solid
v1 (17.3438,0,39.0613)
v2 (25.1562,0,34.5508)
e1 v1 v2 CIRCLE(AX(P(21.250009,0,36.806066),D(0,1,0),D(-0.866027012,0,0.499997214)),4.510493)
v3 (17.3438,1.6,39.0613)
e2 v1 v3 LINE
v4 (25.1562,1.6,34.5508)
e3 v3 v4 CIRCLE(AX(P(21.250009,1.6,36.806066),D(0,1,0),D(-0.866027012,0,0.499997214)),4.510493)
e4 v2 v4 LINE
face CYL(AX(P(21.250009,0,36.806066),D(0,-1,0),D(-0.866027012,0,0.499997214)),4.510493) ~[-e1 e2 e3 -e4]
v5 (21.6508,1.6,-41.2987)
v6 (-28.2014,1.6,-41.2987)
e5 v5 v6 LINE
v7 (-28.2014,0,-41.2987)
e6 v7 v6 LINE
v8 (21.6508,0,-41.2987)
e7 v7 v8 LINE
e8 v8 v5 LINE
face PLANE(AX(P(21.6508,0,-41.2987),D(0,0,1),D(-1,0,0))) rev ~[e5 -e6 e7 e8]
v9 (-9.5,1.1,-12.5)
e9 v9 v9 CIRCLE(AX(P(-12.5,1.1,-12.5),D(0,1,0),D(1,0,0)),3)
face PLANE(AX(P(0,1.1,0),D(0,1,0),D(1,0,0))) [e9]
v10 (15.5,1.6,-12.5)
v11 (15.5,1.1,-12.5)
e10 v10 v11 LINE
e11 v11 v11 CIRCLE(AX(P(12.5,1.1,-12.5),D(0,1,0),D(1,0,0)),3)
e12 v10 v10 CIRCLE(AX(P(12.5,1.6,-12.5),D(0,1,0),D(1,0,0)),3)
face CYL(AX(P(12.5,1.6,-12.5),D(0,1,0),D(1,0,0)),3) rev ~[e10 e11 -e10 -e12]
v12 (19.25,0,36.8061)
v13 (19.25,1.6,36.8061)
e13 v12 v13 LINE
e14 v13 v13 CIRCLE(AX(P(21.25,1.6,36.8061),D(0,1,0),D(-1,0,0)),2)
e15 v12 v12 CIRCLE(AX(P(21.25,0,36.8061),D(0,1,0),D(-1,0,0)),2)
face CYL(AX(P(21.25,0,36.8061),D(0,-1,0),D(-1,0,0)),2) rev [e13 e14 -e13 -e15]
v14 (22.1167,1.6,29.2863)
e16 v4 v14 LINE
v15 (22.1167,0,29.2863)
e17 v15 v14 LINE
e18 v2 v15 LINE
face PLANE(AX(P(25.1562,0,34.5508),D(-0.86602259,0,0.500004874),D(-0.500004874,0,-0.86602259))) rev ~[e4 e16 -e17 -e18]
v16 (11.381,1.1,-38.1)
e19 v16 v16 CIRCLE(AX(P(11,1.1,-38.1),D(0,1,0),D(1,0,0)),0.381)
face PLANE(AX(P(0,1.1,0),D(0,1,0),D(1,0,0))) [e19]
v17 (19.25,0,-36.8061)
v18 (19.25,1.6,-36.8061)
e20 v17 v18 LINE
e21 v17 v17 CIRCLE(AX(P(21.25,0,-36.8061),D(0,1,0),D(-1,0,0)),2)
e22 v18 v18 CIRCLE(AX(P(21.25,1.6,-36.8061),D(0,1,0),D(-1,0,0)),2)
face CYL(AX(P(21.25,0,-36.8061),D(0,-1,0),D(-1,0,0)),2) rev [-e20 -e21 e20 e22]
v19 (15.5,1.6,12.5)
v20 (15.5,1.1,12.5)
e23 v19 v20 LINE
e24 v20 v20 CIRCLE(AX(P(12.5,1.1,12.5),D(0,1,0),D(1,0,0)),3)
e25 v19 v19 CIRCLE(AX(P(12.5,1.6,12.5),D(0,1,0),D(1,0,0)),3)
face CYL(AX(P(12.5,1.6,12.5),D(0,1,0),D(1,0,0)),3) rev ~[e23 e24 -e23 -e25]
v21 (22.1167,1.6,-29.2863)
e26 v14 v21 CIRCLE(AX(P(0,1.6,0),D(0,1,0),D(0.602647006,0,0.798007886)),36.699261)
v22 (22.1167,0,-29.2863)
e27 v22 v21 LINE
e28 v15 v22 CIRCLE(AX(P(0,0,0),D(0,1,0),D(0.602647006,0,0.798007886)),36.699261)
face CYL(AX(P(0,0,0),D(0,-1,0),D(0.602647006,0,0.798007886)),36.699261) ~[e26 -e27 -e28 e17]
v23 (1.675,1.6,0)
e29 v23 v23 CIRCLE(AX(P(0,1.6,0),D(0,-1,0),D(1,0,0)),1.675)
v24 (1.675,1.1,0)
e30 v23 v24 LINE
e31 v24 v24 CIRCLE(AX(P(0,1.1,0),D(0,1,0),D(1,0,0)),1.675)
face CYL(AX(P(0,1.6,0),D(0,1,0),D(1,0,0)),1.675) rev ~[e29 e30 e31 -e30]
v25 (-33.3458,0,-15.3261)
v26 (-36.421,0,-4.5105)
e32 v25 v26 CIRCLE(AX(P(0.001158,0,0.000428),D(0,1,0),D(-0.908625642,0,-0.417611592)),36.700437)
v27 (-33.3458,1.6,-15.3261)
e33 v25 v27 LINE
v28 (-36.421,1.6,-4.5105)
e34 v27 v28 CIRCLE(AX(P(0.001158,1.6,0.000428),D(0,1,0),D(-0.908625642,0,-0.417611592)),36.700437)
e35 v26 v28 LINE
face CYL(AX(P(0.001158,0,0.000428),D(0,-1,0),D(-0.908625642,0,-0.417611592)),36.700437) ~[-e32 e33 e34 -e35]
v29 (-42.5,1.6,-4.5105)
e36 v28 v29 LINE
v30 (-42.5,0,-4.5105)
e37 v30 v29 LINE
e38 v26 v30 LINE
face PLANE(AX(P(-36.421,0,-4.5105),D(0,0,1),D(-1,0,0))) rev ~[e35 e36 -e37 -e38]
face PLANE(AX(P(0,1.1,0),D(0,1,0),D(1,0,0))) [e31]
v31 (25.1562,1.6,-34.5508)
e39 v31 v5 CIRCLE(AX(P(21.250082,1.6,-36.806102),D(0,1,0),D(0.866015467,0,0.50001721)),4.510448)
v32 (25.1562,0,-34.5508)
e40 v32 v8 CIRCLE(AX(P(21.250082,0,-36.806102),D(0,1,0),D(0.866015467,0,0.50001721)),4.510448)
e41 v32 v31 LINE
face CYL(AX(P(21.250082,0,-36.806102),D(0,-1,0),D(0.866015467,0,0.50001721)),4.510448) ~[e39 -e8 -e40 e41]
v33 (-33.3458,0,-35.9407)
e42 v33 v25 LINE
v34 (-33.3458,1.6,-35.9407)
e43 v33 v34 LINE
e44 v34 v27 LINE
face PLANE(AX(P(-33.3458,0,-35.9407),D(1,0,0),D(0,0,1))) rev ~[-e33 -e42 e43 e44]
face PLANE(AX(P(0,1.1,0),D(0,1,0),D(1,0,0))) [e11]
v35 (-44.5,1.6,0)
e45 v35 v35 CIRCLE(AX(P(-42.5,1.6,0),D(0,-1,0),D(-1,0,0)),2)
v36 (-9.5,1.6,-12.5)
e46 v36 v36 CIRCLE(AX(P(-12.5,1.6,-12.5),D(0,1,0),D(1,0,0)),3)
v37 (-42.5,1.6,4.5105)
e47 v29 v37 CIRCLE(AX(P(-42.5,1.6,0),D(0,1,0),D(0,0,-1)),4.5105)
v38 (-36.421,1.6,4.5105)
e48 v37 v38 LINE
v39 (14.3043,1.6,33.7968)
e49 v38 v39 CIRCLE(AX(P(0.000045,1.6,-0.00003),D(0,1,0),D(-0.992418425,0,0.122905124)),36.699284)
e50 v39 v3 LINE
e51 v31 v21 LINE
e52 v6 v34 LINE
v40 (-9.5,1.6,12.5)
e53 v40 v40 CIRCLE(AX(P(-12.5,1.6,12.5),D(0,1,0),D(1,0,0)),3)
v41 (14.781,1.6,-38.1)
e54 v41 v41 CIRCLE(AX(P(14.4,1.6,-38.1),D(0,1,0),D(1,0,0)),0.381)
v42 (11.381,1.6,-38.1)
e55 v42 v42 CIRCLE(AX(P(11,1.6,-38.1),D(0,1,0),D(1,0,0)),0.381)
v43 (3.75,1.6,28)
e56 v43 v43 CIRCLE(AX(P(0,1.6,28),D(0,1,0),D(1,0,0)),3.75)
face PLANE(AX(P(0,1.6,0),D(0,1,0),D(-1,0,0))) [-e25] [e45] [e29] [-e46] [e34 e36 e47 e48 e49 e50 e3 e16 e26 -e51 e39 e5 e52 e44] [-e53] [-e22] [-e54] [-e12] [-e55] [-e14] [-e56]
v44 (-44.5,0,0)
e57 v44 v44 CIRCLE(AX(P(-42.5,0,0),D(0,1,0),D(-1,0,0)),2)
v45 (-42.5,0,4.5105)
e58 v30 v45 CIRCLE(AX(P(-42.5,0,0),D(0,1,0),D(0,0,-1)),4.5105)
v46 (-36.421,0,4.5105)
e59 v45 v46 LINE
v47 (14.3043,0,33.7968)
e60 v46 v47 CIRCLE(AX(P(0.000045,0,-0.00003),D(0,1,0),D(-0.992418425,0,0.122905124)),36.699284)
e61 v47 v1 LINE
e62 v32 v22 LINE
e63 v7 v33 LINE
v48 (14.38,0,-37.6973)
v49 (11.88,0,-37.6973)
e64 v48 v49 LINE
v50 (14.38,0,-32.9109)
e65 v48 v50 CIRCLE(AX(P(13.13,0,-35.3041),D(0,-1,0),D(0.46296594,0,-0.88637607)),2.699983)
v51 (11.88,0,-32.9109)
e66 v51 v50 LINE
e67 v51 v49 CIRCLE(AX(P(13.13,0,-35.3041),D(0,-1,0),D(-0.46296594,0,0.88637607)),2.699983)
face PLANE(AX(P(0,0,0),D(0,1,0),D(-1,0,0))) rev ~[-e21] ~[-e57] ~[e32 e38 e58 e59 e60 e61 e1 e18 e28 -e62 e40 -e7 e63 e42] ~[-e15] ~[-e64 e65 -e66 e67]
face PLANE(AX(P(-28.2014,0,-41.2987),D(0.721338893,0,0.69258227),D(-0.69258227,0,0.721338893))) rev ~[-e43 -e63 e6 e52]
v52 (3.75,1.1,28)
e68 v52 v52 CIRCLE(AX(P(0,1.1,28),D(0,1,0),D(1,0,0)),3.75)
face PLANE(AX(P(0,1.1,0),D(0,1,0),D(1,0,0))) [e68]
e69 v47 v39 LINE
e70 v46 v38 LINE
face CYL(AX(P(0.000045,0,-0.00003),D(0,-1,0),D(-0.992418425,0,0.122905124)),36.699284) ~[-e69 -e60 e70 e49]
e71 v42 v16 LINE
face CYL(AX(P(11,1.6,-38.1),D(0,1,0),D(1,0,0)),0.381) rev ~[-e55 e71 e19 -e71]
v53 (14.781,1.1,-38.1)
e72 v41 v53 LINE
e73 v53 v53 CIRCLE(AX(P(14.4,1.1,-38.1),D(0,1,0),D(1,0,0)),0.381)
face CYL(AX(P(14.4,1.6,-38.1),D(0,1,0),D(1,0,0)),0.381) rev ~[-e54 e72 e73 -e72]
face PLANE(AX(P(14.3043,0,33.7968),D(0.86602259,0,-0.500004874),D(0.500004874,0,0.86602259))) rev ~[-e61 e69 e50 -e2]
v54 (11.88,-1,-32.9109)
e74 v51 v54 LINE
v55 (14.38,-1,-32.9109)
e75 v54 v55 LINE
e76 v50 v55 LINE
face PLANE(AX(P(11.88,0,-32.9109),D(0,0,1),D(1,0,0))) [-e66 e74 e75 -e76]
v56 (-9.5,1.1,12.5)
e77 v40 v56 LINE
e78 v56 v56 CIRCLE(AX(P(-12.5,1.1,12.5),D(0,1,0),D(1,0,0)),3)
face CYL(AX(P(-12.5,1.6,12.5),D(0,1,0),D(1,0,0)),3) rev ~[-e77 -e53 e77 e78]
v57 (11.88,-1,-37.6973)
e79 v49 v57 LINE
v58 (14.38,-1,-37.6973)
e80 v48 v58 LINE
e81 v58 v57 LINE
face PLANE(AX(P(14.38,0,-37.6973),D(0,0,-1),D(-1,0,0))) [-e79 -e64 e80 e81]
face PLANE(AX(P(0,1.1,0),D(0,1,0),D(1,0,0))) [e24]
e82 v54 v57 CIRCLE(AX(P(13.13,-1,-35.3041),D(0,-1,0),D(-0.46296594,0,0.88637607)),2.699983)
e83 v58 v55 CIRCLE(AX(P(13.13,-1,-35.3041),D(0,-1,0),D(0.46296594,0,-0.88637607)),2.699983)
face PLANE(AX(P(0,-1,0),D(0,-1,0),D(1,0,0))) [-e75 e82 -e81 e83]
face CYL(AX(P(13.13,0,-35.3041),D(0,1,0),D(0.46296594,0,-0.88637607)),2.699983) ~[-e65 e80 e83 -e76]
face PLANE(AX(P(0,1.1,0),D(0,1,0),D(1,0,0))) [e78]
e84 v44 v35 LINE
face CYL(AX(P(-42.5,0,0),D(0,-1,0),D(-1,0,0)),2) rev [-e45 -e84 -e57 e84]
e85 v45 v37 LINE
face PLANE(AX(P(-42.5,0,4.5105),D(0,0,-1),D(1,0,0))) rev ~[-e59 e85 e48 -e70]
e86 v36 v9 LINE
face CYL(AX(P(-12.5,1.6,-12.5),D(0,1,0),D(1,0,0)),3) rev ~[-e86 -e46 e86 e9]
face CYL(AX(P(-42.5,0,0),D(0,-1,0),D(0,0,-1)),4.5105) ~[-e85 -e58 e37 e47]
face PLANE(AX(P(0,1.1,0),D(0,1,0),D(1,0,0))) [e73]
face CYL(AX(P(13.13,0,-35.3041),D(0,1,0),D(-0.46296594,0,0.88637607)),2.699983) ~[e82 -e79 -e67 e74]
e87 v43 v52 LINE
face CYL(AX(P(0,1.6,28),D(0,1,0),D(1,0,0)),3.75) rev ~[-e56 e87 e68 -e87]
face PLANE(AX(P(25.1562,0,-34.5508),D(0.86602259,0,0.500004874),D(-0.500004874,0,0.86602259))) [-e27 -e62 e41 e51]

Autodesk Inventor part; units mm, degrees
ref_plane "YZ Plane" through (0, 0, 0) normal (1, 0, 0) x (0, 1, 0)
ref_plane "XZ Plane" through (0, 0, 0) normal (0, 1, 0) x (-1, 0, 0)
ref_plane "XY Plane" through (0, 0, 0) normal (0, 0, 1) x (1, 0, 0)
sketch "Sketch1" plane through (0, 0, 0) normal (0, 1, 0) x (-1, 0, 0)
  circle A0 centre (42.5, 0) radius 2
  circle A1 centre (-21.25, 36.8061) radius 2
  circle A2 centre (-21.25, -36.8061) radius 2
  line L0 (-21.25, -36.8061) -> (0, 0) construction
  arc A3 (-25.1562, -34.5508) -> (-20.8492, -41.2987) centre (-21.25, -36.8061) ccw
  line L1 (-21.25, 36.8061) -> (0, 0) construction
  arc A4 (-17.3438, 39.0613) -> (-25.1562, 34.5508) centre (-21.25, 36.8061) ccw
  line L2 (0, 0) -> (42.5, 0) construction
  arc A5 (42.5, -4.5105) -> (42.5, 4.5105) centre (42.5, 0) ccw
  line L3 (-21.6508, -41.2987) -> (28.2014, -41.2987)
  line L4 (28.2014, -41.2987) -> (33.3458, -35.9407)
  line L5 (33.3458, -35.9407) -> (33.3458, -15.3261)
  line L6 (-25.1562, -34.5508) -> (-22.1167, -29.2863)
  line L7 (36.421, -4.5105) -> (42.5, -4.5105)
  line L8 (42.5, 0) -> (36.6992, 0)
  line L9 (4.5105, 0) -> (0, 0)
  line L10 (42.5, 4.5105) -> (36.421, 4.5105)
  line L11 (-25.1562, 34.5508) -> (-22.1167, 29.2863)
  line L12 (-14.3043, 33.7968) -> (-17.3438, 39.0613)
  arc A6 (-22.1167, 29.2863) -> (-22.1167, -29.2863) centre (0, 0) ccw
  arc A7 (33.3458, -15.3261) -> (36.421, -4.5105) centre (0, 0) ccw
  arc A8 (36.421, 4.5105) -> (-14.3043, 33.7968) centre (0, 0) ccw
  point P0 (-10.625, -18.403)
  point P1 (-10.625, 18.403)
  point P2 (21.25, 0)
  dimension "d1" = 4
  dimension "d2" = 42.5
  dimension "d5" = 360
extrude "Extrusion1" add sketch "Sketch1" along normal blind 1.6 contours L6 A6 L11 A4 L12 A8 L10 A5 L7 A7 L5 L4 L3 A3
sketch "Sketch2" plane through (0, 1.6, 0) normal (0, 1, 0) x (1, 0, 0)
  line L0 (35, 0) -> (0, 0) construction
  circle A0 centre (12.5, 12.5) radius 3
  circle A1 centre (-12.5, 12.5) radius 3
  circle A2 centre (-12.5, -12.5) radius 3
  circle A3 centre (12.5, -12.5) radius 3
  line L1 (1.675, -1.675) -> (-1.675, -1.675)
  line L2 (-1.675, -1.675) -> (-1.675, 1.675)
  line L3 (-1.675, 1.675) -> (1.675, 1.675)
  line L4 (1.675, 1.675) -> (1.675, -1.675)
  line L5 (1.675, -1.675) -> (-1.675, 1.675) construction
  line L6 (-1.675, -1.675) -> (1.675, 1.675) construction
  circle A4 centre (0, 0) radius 1.675
  circle A5 centre (0, -28) radius 3.75
  line L7 (0, -28) -> (0, 0) construction
  line L8 (-42.5, -4.5105) -> (-36.421, -4.5105) projected
  arc A6 (-42.5, 4.5105) -> (-42.5, -4.5105) centre (-42.5, 0) ccw projected
  line L9 (-36.421, 4.5105) -> (-42.5, 4.5105) projected
  arc A7 (-33.3458, 15.3261) -> (-36.421, 4.5105) centre (0, 0) ccw projected
  line L10 (-33.3458, 35.9407) -> (-33.3458, 15.3261) projected
  line L11 (-28.2014, 41.2987) -> (-33.3458, 35.9407) projected
  line L12 (21.6508, 41.2987) -> (-28.2014, 41.2987) projected
  arc A8 (25.1562, 34.5508) -> (21.6508, 41.2987) centre (21.25, 36.8061) ccw projected
  line L13 (22.1167, 29.2863) -> (25.1562, 34.5508) projected
  arc A9 (22.1167, -29.2863) -> (22.1167, 29.2863) centre (0, 0) ccw projected
  line L14 (25.1562, -34.5508) -> (22.1167, -29.2863) projected
  arc A10 (17.3438, -39.0613) -> (25.1562, -34.5508) centre (21.25, -36.8061) ccw projected
  line L15 (14.3043, -33.7968) -> (17.3438, -39.0613) projected
  arc A11 (-36.421, -4.5105) -> (14.3043, -33.7968) centre (0, 0) ccw projected
  circle A12 centre (21.25, 36.8061) radius 2 projected
  circle A13 centre (21.25, -36.8061) radius 2 projected
  circle A14 centre (-42.5, 0) radius 2 projected
  circle A15 centre (11, 38.1) radius 0.381
  circle A16 centre (14.4, 38.1) radius 0.381
  line L16 (11, 38.1) -> (14.4, 38.1) construction
  dimension "d23" = 35
  dimension "d24" = 360
  dimension "d25" = 12.5
  dimension "d26" = 12.5
  dimension "d27" = 6
  dimension "d28" = 360
  dimension "d31" = 3.35
  dimension "d32" = 28
  dimension "d33" = 7.5
  dimension "d34" = 11
  dimension "d36" = 38.1
  dimension "d37" = 3.4
  dimension "d38" = 0.762
extrude "Extrusion2" cut sketch "Sketch2" against normal blind 0.5 contours A0 | A1 | A2 | A3 | A4 | A5 | A15 | A16
sketch "Sketch3" plane through (0, 0, 0) normal (0, -1, 0) x (1, 0, 0)
  line L0 (14.38, -37.6973) -> (11.88, -37.6973)
  line L1 (21.6508, -41.2987) -> (-28.2014, -41.2987) construction
  line L2 (11.88, -32.9109) -> (14.38, -32.9109)
  arc A0 (14.38, -37.6973) -> (14.38, -32.9109) centre (13.13, -35.3041) ccw
  arc A1 (11.88, -32.9109) -> (11.88, -37.6973) centre (13.13, -35.3041) ccw
  line L3 (11.88, -37.6973) -> (14.38, -32.9109) construction
  line L4 (14.38, -37.6973) -> (11.88, -32.9109) construction
  line L5 (14.4, -35.3041) -> (11.86, -35.3041) construction
  circle A2 centre (14.4, -35.3041) radius 0.381
  circle A3 centre (11.86, -35.3041) radius 0.381
  circle A4 centre (21.25, -36.8061) radius 2 construction
  point P0 (0, 0)
  dimension "d39" = 2.7
  dimension "d40" = 2.5
  dimension "d41" = 0.762
  dimension "d42" = 2.54
  dimension "d43" = 6.85
  dimension "d44" = 1.502
extrude "Extrusion3" add sketch "Sketch3" along normal blind 1 contours L0 A1 L2 A0 | A2 | A3
equation "\"d26\" = d25"
properties part number "PCB"
